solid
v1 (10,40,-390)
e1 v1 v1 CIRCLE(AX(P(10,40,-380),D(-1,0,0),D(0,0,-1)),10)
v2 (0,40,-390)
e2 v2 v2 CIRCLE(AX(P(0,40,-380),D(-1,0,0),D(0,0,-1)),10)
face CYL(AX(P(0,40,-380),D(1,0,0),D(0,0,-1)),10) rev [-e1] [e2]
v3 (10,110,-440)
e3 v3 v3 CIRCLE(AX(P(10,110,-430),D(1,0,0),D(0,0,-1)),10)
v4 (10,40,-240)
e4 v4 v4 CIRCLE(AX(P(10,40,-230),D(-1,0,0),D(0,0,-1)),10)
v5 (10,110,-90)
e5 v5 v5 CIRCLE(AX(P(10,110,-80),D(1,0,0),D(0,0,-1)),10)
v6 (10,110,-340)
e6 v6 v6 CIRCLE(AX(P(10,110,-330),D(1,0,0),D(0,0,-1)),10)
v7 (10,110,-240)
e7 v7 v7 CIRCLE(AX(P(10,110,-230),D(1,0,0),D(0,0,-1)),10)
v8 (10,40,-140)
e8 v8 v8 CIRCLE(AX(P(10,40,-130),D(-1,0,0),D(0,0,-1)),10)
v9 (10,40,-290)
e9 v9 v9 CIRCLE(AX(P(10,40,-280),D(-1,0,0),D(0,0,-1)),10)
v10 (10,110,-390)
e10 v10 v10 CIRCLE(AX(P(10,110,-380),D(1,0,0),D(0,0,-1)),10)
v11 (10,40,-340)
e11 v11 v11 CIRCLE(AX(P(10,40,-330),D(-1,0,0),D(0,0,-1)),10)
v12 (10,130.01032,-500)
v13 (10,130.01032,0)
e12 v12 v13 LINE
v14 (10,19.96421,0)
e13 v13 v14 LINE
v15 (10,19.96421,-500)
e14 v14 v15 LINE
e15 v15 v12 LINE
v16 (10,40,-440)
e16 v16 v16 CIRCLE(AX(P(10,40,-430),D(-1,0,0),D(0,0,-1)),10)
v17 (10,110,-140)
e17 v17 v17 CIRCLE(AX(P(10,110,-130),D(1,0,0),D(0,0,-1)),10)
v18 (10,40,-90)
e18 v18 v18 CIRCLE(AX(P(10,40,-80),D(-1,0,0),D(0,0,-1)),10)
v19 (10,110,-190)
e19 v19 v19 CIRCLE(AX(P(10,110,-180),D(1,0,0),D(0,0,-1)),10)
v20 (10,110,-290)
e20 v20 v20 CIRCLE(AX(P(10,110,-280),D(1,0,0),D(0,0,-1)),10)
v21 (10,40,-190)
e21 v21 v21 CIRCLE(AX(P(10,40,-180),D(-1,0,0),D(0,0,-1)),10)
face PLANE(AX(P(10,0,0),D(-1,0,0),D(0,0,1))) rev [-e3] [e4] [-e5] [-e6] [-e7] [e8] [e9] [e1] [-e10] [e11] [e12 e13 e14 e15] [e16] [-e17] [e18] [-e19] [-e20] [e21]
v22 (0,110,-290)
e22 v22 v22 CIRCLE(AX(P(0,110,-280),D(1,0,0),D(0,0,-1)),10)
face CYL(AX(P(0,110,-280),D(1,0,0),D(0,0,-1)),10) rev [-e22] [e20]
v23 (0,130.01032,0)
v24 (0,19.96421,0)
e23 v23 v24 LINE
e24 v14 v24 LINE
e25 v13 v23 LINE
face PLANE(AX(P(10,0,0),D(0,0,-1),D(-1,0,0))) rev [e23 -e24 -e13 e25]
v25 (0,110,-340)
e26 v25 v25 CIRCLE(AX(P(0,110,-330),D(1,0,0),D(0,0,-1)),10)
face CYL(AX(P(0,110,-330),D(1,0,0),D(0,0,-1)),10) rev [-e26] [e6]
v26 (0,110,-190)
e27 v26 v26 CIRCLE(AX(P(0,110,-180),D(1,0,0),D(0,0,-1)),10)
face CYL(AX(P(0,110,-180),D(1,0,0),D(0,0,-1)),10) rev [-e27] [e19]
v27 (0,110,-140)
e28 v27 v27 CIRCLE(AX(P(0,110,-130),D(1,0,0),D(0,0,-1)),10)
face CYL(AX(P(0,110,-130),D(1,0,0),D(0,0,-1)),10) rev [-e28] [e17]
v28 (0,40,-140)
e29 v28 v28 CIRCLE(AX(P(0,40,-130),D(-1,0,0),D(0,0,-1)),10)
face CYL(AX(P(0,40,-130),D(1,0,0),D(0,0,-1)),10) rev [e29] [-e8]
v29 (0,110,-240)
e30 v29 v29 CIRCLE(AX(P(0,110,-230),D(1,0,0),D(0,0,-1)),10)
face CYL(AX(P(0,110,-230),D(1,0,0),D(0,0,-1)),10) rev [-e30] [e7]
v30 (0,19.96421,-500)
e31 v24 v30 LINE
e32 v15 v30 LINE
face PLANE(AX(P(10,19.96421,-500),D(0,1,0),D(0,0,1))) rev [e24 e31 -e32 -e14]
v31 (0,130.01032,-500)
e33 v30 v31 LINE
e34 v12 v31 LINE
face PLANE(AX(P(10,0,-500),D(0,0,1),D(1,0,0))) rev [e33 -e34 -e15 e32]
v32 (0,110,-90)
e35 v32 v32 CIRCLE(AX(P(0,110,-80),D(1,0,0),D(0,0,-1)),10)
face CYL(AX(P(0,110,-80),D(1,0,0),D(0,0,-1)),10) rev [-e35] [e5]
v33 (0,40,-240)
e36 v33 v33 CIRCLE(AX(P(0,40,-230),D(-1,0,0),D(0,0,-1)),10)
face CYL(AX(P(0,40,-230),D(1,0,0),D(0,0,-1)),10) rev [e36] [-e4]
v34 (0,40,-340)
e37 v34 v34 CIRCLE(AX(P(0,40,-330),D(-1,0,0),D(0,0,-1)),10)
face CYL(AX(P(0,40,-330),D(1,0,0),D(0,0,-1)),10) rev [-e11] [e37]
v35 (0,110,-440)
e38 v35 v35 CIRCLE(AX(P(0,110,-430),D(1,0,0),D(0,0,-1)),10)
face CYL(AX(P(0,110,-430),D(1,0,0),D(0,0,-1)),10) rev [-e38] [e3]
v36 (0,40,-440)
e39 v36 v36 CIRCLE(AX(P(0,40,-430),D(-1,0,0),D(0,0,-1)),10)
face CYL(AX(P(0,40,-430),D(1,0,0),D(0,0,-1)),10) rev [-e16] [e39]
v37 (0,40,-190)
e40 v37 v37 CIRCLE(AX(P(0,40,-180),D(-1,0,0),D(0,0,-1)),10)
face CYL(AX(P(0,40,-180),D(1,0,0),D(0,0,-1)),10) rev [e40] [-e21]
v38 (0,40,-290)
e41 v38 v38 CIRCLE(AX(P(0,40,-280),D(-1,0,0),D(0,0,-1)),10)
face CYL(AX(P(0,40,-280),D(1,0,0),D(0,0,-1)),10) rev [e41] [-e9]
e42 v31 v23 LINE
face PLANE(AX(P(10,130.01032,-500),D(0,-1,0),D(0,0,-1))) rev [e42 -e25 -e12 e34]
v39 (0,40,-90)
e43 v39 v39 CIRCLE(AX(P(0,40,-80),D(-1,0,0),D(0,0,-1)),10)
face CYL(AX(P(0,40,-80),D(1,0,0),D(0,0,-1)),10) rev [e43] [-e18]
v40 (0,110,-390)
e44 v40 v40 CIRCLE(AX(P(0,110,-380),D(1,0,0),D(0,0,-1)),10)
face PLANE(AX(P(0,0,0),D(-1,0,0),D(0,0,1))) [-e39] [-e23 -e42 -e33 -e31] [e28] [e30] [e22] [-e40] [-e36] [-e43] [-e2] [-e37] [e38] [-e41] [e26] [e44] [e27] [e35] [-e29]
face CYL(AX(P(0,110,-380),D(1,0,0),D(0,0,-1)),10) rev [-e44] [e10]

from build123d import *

# Parameters (mm, degrees)
SKETCH2_W               = 500
SKETCH2_H               = 150
BOSS_EXTRUDE1_DEPTH     = 10
SKETCH3_R               = 10
CUT_EXTRUDE1_DEPTH      = 10
LPATTERN1_COUNT         = 8
LPATTERN1_PITCH         = 50
MIRROR1_COPY_1_SKETCH_R = 10
MIRROR1_COPY_1_DEPTH    = 10
MIRROR1_COPY_2_SKETCH_R = 10
MIRROR1_COPY_2_DEPTH    = 10
MIRROR1_COPY_3_SKETCH_R = 10
MIRROR1_COPY_3_DEPTH    = 10
MIRROR1_COPY_4_SKETCH_R = 10
MIRROR1_COPY_4_DEPTH    = 10
MIRROR1_COPY_5_SKETCH_R = 10
MIRROR1_COPY_5_DEPTH    = 10
MIRROR1_COPY_6_SKETCH_R = 10
MIRROR1_COPY_6_DEPTH    = 10
MIRROR1_COPY_7_SKETCH_R = 10
MIRROR1_COPY_7_DEPTH    = 10
SKETCH4_W               = 500
SKETCH4_H               = 19.989679831
SKETCH4_H_2             = 19.964210349
CUT_EXTRUDE2_DEPTH      = 10


with BuildPart() as part:
    # Sketch2 → Boss-Extrude1 (new body)
    with BuildSketch(Plane(origin=(0, 0, 0), x_dir=(0, 0, -1), z_dir=(1, 0, 0))):
        with Locations((250, 75)):
            Rectangle(SKETCH2_W, SKETCH2_H)
    extrude(amount=BOSS_EXTRUDE1_DEPTH)

    # Sketch3 → Cut-Extrude1 (cut)
    with BuildSketch(Plane(origin=(10, 0, 0), x_dir=(0, 0, -1), z_dir=(1, 0, 0))):
        with Locations((80, 110)):
            Circle(SKETCH3_R)
    cut_extrude1 = extrude(amount=-CUT_EXTRUDE1_DEPTH, mode=Mode.SUBTRACT)

    # LPattern1: Cut-Extrude1 ×8
    with Locations(*[(0, 0, -i * LPATTERN1_PITCH) for i in range(1, LPATTERN1_COUNT)]):
        add(cut_extrude1, mode=Mode.SUBTRACT)

    # Mirror1: Cut-Extrude1 across plane
    add(cut_extrude1.mirror(Plane.ZX.offset(75)), mode=Mode.SUBTRACT)

    # Mirror1 copy 1 sketch → Mirror1 copy 1 (cut)
    with BuildSketch(Plane(origin=(10, 150, -50), x_dir=(0, 0, -1), z_dir=(1, 0, 0))):
        with Locations((80, -110)):
            Circle(MIRROR1_COPY_1_SKETCH_R)
    extrude(amount=-MIRROR1_COPY_1_DEPTH, mode=Mode.SUBTRACT)

    # Mirror1 copy 2 sketch → Mirror1 copy 2 (cut)
    with BuildSketch(Plane(origin=(10, 150, -100), x_dir=(0, 0, -1), z_dir=(1, 0, 0))):
        with Locations((80, -110)):
            Circle(MIRROR1_COPY_2_SKETCH_R)
    extrude(amount=-MIRROR1_COPY_2_DEPTH, mode=Mode.SUBTRACT)

    # Mirror1 copy 3 sketch → Mirror1 copy 3 (cut)
    with BuildSketch(Plane(origin=(10, 150, -150), x_dir=(0, 0, -1), z_dir=(1, 0, 0))):
        with Locations((80, -110)):
            Circle(MIRROR1_COPY_3_SKETCH_R)
    extrude(amount=-MIRROR1_COPY_3_DEPTH, mode=Mode.SUBTRACT)

    # Mirror1 copy 4 sketch → Mirror1 copy 4 (cut)
    with BuildSketch(Plane(origin=(10, 150, -200), x_dir=(0, 0, -1), z_dir=(1, 0, 0))):
        with Locations((80, -110)):
            Circle(MIRROR1_COPY_4_SKETCH_R)
    extrude(amount=-MIRROR1_COPY_4_DEPTH, mode=Mode.SUBTRACT)

    # Mirror1 copy 5 sketch → Mirror1 copy 5 (cut)
    with BuildSketch(Plane(origin=(10, 150, -250), x_dir=(0, 0, -1), z_dir=(1, 0, 0))):
        with Locations((80, -110)):
            Circle(MIRROR1_COPY_5_SKETCH_R)
    extrude(amount=-MIRROR1_COPY_5_DEPTH, mode=Mode.SUBTRACT)

    # Mirror1 copy 6 sketch → Mirror1 copy 6 (cut)
    with BuildSketch(Plane(origin=(10, 150, -300), x_dir=(0, 0, -1), z_dir=(1, 0, 0))):
        with Locations((80, -110)):
            Circle(MIRROR1_COPY_6_SKETCH_R)
    extrude(amount=-MIRROR1_COPY_6_DEPTH, mode=Mode.SUBTRACT)

    # Mirror1 copy 7 sketch → Mirror1 copy 7 (cut)
    with BuildSketch(Plane(origin=(10, 150, -350), x_dir=(0, 0, -1), z_dir=(1, 0, 0))):
        with Locations((80, -110)):
            Circle(MIRROR1_COPY_7_SKETCH_R)
    extrude(amount=-MIRROR1_COPY_7_DEPTH, mode=Mode.SUBTRACT)

    # Sketch4 → Cut-Extrude2 (cut)
    with BuildSketch(Plane.ZY):
        with Locations((-250, 140.005160085)):
            Rectangle(SKETCH4_W, SKETCH4_H)
        with Locations((-250, 9.982105175)):
            Rectangle(SKETCH4_W, SKETCH4_H_2)
    extrude(amount=-CUT_EXTRUDE2_DEPTH, mode=Mode.SUBTRACT)


solid = part.part
